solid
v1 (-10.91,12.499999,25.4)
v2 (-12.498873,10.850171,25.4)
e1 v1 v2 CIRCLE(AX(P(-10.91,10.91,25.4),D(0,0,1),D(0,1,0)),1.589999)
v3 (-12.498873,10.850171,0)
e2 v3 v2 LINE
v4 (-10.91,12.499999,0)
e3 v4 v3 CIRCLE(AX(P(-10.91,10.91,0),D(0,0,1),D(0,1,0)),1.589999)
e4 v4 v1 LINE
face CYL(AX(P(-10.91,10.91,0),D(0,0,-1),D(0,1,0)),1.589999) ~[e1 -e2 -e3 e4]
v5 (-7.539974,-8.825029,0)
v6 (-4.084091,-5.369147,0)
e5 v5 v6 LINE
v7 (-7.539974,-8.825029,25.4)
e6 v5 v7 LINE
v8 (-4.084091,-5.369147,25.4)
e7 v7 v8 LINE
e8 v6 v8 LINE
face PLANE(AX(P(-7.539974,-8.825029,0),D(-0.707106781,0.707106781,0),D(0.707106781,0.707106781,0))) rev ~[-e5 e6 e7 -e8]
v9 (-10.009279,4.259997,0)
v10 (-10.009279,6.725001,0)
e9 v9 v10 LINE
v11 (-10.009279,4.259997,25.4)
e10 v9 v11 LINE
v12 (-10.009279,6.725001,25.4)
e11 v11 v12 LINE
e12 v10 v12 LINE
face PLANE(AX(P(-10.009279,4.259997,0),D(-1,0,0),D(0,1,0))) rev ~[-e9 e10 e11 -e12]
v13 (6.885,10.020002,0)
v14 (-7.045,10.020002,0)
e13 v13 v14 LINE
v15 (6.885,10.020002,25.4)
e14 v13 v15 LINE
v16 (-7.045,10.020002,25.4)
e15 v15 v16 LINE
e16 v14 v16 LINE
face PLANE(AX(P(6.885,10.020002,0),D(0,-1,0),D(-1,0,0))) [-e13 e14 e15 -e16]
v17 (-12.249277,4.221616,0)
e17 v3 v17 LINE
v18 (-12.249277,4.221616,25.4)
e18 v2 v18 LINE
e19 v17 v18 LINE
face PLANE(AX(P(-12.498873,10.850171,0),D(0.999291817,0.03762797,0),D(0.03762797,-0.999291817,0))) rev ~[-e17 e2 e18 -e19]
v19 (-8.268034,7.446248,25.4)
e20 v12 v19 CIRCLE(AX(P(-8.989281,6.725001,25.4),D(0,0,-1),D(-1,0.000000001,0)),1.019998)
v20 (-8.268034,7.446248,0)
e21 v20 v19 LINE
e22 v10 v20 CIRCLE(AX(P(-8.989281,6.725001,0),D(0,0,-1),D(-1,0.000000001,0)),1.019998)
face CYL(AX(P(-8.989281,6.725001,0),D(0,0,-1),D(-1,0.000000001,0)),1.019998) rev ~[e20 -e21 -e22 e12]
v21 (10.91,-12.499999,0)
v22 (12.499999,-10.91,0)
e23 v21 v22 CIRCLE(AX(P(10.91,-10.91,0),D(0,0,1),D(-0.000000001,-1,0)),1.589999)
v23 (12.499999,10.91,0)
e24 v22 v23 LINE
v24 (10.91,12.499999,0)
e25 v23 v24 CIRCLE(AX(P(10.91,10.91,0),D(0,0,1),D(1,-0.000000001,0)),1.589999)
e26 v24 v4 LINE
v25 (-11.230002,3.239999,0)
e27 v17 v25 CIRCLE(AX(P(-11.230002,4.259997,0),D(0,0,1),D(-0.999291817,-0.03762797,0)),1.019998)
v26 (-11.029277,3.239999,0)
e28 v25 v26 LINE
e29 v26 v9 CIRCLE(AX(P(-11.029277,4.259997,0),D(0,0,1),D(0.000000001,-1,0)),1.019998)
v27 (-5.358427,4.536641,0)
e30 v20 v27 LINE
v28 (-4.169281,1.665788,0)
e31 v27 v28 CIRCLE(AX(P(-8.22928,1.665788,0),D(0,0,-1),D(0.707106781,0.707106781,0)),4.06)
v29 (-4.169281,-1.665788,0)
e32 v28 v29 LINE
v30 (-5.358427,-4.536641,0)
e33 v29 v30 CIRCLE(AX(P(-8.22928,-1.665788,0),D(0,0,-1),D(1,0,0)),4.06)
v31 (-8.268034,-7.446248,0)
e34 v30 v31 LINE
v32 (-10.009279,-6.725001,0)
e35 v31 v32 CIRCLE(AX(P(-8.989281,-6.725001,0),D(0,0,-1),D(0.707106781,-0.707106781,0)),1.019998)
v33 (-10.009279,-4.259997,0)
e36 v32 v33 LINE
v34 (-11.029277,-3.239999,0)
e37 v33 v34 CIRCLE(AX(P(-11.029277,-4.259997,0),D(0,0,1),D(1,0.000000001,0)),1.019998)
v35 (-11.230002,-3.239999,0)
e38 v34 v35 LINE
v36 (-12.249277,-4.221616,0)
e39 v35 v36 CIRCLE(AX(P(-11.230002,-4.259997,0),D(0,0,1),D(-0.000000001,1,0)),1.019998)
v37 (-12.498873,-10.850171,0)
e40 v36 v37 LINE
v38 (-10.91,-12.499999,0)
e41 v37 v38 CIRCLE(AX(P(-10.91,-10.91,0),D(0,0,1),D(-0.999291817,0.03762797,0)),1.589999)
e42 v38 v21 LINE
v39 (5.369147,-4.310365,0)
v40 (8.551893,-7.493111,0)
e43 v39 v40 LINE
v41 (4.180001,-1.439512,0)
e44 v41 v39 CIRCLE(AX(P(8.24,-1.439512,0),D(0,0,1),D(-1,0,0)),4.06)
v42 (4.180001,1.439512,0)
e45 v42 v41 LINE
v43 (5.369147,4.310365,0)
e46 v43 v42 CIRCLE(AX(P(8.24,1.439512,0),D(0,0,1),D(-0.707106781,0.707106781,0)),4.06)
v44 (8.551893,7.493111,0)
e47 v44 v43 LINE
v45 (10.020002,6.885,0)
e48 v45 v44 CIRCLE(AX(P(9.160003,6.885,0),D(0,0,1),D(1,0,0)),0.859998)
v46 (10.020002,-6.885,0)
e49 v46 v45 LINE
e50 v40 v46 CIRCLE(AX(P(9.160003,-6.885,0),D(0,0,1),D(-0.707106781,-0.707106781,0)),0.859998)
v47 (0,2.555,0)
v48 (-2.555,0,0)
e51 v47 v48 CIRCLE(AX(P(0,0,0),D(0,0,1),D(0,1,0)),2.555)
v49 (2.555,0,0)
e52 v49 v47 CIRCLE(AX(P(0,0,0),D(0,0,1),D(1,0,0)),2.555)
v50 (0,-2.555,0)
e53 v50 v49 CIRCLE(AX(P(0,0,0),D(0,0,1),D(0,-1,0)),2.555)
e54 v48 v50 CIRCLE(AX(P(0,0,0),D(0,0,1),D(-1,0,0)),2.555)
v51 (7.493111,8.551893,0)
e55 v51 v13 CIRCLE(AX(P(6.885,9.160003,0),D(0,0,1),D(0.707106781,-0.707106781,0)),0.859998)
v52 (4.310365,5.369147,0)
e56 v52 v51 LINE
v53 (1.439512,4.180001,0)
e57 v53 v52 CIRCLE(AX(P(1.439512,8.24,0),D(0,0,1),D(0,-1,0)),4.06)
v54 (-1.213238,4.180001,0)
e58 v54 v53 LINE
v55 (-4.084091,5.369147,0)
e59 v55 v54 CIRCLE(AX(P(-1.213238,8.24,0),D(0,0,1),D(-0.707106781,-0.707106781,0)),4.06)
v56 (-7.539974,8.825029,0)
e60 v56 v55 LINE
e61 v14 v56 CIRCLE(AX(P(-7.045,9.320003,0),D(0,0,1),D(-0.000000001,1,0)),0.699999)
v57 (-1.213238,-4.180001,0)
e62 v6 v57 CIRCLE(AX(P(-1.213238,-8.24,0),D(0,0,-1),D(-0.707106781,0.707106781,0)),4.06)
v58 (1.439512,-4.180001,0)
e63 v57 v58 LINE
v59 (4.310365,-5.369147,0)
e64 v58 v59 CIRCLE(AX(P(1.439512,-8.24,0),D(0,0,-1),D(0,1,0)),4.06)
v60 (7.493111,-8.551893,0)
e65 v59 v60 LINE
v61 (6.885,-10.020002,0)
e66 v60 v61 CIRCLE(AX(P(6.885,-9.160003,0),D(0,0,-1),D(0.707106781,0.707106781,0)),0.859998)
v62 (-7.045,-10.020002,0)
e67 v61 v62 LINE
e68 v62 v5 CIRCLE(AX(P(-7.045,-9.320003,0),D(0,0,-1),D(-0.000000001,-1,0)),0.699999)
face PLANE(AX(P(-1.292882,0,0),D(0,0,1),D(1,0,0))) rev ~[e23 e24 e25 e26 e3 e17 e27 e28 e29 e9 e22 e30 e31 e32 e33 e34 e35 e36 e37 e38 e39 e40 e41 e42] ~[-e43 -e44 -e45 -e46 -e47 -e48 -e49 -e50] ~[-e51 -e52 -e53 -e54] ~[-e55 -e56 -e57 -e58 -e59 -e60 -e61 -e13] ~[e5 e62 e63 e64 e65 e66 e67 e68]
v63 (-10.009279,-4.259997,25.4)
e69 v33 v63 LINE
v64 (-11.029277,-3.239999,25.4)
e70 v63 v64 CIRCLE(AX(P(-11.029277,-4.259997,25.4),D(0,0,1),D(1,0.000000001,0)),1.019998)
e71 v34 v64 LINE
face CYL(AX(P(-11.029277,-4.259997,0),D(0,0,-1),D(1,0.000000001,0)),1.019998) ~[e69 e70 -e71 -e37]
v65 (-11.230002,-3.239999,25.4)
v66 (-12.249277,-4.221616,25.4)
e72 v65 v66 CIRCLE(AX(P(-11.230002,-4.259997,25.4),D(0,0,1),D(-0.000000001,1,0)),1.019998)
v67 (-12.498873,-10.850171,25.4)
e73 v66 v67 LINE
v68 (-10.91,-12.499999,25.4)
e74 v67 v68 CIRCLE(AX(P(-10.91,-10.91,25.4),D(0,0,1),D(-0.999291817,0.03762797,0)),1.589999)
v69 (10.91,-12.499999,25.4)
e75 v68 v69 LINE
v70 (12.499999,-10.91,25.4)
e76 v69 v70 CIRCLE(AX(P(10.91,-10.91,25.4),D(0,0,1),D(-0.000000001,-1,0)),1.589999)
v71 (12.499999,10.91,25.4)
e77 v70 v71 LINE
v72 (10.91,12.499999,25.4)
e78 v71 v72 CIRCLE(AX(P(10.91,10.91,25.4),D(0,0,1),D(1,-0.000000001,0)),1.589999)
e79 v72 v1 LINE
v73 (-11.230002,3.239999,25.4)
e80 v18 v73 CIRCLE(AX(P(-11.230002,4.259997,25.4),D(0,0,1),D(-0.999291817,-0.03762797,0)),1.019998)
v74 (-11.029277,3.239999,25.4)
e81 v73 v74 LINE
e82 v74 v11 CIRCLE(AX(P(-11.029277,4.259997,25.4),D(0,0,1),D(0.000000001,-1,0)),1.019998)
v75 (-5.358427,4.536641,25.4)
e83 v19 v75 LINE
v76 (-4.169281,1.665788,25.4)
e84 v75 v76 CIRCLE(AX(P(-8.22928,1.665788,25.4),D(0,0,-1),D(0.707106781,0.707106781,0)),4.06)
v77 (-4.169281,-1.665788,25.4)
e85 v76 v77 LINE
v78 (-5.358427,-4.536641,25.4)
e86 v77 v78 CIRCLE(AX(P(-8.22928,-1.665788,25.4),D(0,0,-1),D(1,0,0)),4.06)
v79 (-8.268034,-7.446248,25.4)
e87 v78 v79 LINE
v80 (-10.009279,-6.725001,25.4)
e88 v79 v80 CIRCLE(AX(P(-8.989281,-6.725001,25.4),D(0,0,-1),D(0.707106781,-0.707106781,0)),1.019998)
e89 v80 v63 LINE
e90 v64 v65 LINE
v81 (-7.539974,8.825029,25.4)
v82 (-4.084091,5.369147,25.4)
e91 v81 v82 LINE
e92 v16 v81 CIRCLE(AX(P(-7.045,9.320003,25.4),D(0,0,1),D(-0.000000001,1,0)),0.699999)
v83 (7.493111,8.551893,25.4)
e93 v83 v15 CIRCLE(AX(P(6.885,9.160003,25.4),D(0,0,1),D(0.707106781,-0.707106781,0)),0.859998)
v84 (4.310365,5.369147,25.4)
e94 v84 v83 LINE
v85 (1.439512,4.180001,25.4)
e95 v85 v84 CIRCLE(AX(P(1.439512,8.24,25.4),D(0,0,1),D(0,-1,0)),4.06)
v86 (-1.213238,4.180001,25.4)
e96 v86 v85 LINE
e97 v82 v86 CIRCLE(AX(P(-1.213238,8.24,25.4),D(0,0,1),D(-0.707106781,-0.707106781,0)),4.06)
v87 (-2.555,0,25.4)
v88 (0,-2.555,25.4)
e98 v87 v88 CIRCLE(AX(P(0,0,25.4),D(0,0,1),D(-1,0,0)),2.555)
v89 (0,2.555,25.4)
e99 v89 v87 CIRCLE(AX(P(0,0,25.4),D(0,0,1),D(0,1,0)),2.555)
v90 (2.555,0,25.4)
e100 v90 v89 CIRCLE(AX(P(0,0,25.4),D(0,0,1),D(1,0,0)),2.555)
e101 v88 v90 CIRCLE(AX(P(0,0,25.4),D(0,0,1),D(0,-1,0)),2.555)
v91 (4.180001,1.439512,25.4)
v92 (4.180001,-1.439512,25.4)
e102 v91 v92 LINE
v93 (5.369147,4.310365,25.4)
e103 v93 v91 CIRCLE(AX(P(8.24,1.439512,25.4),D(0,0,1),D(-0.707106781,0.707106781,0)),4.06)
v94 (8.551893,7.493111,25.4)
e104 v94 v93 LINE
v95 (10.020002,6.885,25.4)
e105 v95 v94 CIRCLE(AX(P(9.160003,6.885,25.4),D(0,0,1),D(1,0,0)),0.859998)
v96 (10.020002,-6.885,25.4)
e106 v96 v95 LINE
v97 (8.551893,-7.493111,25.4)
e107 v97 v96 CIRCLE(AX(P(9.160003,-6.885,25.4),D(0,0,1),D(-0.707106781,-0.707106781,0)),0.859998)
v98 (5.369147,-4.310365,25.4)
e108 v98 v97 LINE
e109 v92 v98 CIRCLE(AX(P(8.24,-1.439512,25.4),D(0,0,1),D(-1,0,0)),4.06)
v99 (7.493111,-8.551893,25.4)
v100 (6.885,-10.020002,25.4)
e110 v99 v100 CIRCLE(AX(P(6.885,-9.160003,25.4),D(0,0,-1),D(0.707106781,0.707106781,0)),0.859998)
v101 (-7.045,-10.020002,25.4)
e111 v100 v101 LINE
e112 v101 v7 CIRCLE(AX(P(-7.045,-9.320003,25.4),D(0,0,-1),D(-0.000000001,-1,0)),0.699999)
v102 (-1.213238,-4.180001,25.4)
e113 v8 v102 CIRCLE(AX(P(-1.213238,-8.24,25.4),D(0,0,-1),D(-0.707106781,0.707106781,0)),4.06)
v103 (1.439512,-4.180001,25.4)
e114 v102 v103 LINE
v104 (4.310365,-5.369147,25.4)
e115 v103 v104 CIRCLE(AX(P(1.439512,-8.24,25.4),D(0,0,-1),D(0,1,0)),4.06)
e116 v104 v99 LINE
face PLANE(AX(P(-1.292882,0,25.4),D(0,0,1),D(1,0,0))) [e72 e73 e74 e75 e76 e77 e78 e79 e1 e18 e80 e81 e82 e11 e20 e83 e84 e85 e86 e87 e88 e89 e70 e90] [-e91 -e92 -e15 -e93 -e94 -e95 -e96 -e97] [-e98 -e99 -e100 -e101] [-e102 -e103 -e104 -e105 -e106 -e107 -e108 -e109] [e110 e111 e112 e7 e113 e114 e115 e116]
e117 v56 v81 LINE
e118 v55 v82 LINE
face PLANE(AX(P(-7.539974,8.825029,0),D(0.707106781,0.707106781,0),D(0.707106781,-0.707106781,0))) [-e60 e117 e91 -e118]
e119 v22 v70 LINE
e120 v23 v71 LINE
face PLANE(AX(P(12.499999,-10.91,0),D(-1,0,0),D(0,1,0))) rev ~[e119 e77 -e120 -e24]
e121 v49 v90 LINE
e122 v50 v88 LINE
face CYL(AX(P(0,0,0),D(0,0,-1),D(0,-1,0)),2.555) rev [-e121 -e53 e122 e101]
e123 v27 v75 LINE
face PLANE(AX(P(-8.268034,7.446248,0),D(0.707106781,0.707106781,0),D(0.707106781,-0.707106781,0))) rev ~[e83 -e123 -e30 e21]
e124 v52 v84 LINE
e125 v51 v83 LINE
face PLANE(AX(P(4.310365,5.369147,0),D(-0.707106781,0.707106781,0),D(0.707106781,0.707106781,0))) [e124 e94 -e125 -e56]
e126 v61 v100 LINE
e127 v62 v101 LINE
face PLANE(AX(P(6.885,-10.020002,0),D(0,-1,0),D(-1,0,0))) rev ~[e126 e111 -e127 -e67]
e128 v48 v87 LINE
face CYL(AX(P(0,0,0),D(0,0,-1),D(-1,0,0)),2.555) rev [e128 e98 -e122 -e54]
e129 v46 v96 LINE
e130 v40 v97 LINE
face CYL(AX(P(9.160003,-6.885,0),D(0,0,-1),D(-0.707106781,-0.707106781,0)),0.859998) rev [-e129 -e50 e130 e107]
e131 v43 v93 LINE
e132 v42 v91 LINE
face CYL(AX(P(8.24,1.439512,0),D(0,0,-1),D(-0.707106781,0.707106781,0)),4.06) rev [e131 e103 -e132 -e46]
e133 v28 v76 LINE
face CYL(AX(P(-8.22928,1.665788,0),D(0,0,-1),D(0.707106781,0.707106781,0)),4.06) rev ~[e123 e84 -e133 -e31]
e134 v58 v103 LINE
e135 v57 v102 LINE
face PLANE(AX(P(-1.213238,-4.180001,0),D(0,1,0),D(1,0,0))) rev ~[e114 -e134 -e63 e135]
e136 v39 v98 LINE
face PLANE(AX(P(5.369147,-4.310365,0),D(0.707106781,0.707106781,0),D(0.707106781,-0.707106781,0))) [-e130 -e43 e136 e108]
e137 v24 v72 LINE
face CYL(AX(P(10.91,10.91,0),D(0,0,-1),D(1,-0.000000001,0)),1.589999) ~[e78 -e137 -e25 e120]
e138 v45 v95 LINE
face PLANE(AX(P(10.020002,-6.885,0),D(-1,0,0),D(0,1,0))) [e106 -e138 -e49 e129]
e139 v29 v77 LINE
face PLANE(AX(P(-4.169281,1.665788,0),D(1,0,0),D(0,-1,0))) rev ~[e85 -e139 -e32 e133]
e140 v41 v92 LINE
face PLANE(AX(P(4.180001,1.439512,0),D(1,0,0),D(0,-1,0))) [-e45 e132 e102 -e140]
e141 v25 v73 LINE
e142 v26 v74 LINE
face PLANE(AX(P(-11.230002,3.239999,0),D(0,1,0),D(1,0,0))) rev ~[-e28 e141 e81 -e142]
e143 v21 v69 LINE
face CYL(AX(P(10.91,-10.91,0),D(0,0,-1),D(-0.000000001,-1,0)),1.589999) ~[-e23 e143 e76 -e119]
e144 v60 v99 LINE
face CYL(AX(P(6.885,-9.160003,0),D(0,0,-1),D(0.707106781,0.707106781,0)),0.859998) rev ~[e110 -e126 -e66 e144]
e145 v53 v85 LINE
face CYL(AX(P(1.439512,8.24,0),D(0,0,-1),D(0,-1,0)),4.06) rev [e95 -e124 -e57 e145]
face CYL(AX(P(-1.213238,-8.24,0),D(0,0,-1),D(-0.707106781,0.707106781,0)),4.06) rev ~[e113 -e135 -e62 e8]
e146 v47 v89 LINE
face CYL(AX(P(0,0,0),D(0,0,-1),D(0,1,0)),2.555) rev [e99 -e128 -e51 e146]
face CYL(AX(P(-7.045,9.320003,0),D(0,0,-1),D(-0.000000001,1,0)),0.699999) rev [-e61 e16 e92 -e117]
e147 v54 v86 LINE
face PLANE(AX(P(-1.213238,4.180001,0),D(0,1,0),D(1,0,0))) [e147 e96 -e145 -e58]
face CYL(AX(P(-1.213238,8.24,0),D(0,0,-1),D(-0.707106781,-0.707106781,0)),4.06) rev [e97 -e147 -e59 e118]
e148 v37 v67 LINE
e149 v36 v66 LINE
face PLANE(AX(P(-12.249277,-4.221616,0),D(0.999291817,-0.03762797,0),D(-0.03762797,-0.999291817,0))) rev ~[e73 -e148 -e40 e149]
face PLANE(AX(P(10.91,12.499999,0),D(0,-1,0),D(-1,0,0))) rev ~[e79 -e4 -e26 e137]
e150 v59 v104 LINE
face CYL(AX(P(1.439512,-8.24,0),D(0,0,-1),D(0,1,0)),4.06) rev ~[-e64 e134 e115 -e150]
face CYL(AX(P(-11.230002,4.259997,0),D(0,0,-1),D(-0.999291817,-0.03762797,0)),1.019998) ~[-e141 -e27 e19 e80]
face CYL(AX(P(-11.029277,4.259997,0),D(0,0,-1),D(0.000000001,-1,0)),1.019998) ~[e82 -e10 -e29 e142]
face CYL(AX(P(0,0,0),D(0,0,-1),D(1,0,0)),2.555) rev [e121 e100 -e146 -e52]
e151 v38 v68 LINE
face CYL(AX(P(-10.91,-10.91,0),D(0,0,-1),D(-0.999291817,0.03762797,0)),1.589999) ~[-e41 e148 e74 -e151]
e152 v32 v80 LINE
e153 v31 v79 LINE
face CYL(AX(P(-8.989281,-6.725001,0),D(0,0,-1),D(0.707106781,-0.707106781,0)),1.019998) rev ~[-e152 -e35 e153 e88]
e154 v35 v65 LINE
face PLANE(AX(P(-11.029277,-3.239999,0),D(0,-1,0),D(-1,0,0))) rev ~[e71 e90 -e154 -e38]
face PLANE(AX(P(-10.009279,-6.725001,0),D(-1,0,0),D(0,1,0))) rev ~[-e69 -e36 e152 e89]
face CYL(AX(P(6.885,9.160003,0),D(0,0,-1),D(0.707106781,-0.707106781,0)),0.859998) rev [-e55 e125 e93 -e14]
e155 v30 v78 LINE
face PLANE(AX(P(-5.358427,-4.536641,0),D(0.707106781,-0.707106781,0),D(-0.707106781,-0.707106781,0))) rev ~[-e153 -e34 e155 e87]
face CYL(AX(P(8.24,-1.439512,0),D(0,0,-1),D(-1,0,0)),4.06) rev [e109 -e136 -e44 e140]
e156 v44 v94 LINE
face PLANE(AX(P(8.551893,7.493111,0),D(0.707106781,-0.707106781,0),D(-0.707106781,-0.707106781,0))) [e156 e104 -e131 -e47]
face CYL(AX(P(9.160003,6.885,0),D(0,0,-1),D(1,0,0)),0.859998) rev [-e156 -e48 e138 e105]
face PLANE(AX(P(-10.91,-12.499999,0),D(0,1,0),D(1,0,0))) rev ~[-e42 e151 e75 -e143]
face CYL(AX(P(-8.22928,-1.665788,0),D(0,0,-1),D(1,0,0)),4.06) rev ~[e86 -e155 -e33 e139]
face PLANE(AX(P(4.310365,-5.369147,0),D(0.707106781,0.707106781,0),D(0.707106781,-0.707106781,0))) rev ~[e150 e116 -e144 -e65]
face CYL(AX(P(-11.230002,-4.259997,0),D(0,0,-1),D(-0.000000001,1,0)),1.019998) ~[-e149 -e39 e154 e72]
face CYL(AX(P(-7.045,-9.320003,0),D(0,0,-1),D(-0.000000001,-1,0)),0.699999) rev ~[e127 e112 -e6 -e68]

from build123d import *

# Parameters (mm, degrees)
EXTRUDE1_DEPTH = 25.4


with BuildPart() as part:
    # Sketch1 → Extrude1 (new body)
    with BuildSketch(Plane.XY):
        with BuildLine():
            Line((-8.268033791, 7.446247994), (-5.358427067, 4.536641271))
            ThreePointArc((-5.358427067, 4.536641271), (-4.478329805, 3.219482637), (-4.169280745, 1.665788092))
            Line((-4.169280745, 1.665788092), (-4.169280745, 0))
            Line((-4.169280745, 0), (-4.169280745, -1.665788092))
            ThreePointArc((-4.169280745, -1.665788092), (-4.478329805, -3.219482637), (-5.358427067, -4.536641271))
            Line((-5.358427067, -4.536641271), (-8.268033791, -7.446247994))
            ThreePointArc((-8.268033791, -7.446247994), (-9.379617585, -7.667355758), (-10.009279225, -6.72500052))
            Line((-10.009279225, -6.72500052), (-10.009279225, -4.25999656))
            ThreePointArc((-10.009279225, -4.25999656), (-10.308029711, -3.538749086), (-11.029277185, -3.2399986))
            Line((-11.029277185, -3.2399986), (-11.23000167, -3.2399986))
            ThreePointArc((-11.23000167, -3.2399986), (-11.937549497, -3.525304849), (-12.249277285, -4.221616108))
            Line((-12.249277285, -4.221616108), (-12.49887312, -10.850171322))
            ThreePointArc((-12.49887312, -10.850171322), (-12.055256326, -12.012943733), (-10.90999977, -12.49999913))
            Line((-10.90999977, -12.49999913), (0, -12.49999913))
            Line((0, -12.49999913), (10.90999977, -12.49999913))
            ThreePointArc((10.90999977, -12.49999913), (12.0342991, -12.0342991), (12.49999913, -10.90999977))
            Line((12.49999913, -10.90999977), (12.49999913, 10.90999977))
            ThreePointArc((12.49999913, 10.90999977), (12.0342991, 12.0342991), (10.90999977, 12.49999913))
            Line((10.90999977, 12.49999913), (0, 12.49999913))
            Line((0, 12.49999913), (-10.90999977, 12.49999913))
            ThreePointArc((-10.90999977, 12.49999913), (-12.055256326, 12.012943733), (-12.49887312, 10.850171322))
            Line((-12.49887312, 10.850171322), (-12.249277285, 4.221616108))
            ThreePointArc((-12.249277285, 4.221616108), (-11.937549497, 3.525304849), (-11.23000167, 3.2399986))
            Line((-11.23000167, 3.2399986), (-11.029277185, 3.2399986))
            ThreePointArc((-11.029277185, 3.2399986), (-10.308029711, 3.538749086), (-10.009279225, 4.25999656))
            Line((-10.009279225, 4.25999656), (-10.009279225, 6.72500052))
            ThreePointArc((-10.009279225, 6.72500052), (-9.379617585, 7.667355758), (-8.268033791, 7.446247994))
        make_face()
        with BuildLine():
            Line((-7.539973637, 8.825029193), (-4.084091296, 5.369146852))
            ThreePointArc((-4.084091296, 5.369146852), (-2.766932662, 4.48904959), (-1.213238118, 4.18000053))
            Line((-1.213238118, 4.18000053), (0, 4.18000053))
            Line((0, 4.18000053), (1.439511835, 4.18000053))
            ThreePointArc((1.439511835, 4.18000053), (2.993206379, 4.48904959), (4.310365013, 5.369146852))
            Line((4.310365013, 5.369146852), (7.493110816, 8.551892654))
            ThreePointArc((7.493110816, 8.551892654), (7.679535009, 9.489110364), (6.8850002, 10.02000155))
            Line((6.8850002, 10.02000155), (0, 10.02000155))
            Line((0, 10.02000155), (-7.04499988, 10.02000155))
            ThreePointArc((-7.04499988, 10.02000155), (-7.691714259, 9.587880817), (-7.539973637, 8.825029193))
        make_face(mode=Mode.SUBTRACT)
        with BuildLine():
            Line((0, -10.02000155), (-7.04499988, -10.02000155))
            ThreePointArc((-7.04499988, -10.02000155), (-7.691714259, -9.587880817), (-7.539973637, -8.825029193))
            Line((-7.539973637, -8.825029193), (-4.084091296, -5.369146852))
            ThreePointArc((-4.084091296, -5.369146852), (-2.766932662, -4.48904959), (-1.213238118, -4.18000053))
            Line((-1.213238118, -4.18000053), (0, -4.18000053))
            Line((0, -4.18000053), (1.439511835, -4.18000053))
            ThreePointArc((1.439511835, -4.18000053), (2.993206379, -4.48904959), (4.310365013, -5.369146852))
            Line((4.310365013, -5.369146852), (7.493110816, -8.551892654))
            ThreePointArc((7.493110816, -8.551892654), (7.679535009, -9.489110364), (6.8850002, -10.02000155))
            Line((6.8850002, -10.02000155), (0, -10.02000155))
        make_face(mode=Mode.SUBTRACT)
        with BuildLine():
            Line((8.551892654, 7.493110816), (5.369146852, 4.310365013))
            ThreePointArc((5.369146852, 4.310365013), (4.48904959, 2.993206379), (4.18000053, 1.439511835))
            Line((4.18000053, 1.439511835), (4.18000053, -1.439511835))
            ThreePointArc((4.18000053, -1.439511835), (4.48904959, -2.993206379), (5.369146852, -4.310365013))
            Line((5.369146852, -4.310365013), (8.551892654, -7.493110816))
            ThreePointArc((8.551892654, -7.493110816), (9.489110364, -7.679535009), (10.02000155, -6.8850002))
            Line((10.02000155, -6.8850002), (10.02000155, 6.8850002))
            ThreePointArc((10.02000155, 6.8850002), (9.489110364, 7.679535009), (8.551892654, 7.493110816))
        make_face(mode=Mode.SUBTRACT)
        with BuildLine():
            ThreePointArc((0, 2.55499997), (-1.806657805, 1.806657805), (-2.55499997, 0))
            ThreePointArc((-2.55499997, 0), (-1.806657805, -1.806657805), (0, -2.55499997))
            ThreePointArc((0, -2.55499997), (1.806657805, -1.806657805), (2.55499997, 0))
            ThreePointArc((2.55499997, 0), (1.806657805, 1.806657805), (0, 2.55499997))
        make_face(mode=Mode.SUBTRACT)
    extrude(amount=EXTRUDE1_DEPTH)


solid = part.part
